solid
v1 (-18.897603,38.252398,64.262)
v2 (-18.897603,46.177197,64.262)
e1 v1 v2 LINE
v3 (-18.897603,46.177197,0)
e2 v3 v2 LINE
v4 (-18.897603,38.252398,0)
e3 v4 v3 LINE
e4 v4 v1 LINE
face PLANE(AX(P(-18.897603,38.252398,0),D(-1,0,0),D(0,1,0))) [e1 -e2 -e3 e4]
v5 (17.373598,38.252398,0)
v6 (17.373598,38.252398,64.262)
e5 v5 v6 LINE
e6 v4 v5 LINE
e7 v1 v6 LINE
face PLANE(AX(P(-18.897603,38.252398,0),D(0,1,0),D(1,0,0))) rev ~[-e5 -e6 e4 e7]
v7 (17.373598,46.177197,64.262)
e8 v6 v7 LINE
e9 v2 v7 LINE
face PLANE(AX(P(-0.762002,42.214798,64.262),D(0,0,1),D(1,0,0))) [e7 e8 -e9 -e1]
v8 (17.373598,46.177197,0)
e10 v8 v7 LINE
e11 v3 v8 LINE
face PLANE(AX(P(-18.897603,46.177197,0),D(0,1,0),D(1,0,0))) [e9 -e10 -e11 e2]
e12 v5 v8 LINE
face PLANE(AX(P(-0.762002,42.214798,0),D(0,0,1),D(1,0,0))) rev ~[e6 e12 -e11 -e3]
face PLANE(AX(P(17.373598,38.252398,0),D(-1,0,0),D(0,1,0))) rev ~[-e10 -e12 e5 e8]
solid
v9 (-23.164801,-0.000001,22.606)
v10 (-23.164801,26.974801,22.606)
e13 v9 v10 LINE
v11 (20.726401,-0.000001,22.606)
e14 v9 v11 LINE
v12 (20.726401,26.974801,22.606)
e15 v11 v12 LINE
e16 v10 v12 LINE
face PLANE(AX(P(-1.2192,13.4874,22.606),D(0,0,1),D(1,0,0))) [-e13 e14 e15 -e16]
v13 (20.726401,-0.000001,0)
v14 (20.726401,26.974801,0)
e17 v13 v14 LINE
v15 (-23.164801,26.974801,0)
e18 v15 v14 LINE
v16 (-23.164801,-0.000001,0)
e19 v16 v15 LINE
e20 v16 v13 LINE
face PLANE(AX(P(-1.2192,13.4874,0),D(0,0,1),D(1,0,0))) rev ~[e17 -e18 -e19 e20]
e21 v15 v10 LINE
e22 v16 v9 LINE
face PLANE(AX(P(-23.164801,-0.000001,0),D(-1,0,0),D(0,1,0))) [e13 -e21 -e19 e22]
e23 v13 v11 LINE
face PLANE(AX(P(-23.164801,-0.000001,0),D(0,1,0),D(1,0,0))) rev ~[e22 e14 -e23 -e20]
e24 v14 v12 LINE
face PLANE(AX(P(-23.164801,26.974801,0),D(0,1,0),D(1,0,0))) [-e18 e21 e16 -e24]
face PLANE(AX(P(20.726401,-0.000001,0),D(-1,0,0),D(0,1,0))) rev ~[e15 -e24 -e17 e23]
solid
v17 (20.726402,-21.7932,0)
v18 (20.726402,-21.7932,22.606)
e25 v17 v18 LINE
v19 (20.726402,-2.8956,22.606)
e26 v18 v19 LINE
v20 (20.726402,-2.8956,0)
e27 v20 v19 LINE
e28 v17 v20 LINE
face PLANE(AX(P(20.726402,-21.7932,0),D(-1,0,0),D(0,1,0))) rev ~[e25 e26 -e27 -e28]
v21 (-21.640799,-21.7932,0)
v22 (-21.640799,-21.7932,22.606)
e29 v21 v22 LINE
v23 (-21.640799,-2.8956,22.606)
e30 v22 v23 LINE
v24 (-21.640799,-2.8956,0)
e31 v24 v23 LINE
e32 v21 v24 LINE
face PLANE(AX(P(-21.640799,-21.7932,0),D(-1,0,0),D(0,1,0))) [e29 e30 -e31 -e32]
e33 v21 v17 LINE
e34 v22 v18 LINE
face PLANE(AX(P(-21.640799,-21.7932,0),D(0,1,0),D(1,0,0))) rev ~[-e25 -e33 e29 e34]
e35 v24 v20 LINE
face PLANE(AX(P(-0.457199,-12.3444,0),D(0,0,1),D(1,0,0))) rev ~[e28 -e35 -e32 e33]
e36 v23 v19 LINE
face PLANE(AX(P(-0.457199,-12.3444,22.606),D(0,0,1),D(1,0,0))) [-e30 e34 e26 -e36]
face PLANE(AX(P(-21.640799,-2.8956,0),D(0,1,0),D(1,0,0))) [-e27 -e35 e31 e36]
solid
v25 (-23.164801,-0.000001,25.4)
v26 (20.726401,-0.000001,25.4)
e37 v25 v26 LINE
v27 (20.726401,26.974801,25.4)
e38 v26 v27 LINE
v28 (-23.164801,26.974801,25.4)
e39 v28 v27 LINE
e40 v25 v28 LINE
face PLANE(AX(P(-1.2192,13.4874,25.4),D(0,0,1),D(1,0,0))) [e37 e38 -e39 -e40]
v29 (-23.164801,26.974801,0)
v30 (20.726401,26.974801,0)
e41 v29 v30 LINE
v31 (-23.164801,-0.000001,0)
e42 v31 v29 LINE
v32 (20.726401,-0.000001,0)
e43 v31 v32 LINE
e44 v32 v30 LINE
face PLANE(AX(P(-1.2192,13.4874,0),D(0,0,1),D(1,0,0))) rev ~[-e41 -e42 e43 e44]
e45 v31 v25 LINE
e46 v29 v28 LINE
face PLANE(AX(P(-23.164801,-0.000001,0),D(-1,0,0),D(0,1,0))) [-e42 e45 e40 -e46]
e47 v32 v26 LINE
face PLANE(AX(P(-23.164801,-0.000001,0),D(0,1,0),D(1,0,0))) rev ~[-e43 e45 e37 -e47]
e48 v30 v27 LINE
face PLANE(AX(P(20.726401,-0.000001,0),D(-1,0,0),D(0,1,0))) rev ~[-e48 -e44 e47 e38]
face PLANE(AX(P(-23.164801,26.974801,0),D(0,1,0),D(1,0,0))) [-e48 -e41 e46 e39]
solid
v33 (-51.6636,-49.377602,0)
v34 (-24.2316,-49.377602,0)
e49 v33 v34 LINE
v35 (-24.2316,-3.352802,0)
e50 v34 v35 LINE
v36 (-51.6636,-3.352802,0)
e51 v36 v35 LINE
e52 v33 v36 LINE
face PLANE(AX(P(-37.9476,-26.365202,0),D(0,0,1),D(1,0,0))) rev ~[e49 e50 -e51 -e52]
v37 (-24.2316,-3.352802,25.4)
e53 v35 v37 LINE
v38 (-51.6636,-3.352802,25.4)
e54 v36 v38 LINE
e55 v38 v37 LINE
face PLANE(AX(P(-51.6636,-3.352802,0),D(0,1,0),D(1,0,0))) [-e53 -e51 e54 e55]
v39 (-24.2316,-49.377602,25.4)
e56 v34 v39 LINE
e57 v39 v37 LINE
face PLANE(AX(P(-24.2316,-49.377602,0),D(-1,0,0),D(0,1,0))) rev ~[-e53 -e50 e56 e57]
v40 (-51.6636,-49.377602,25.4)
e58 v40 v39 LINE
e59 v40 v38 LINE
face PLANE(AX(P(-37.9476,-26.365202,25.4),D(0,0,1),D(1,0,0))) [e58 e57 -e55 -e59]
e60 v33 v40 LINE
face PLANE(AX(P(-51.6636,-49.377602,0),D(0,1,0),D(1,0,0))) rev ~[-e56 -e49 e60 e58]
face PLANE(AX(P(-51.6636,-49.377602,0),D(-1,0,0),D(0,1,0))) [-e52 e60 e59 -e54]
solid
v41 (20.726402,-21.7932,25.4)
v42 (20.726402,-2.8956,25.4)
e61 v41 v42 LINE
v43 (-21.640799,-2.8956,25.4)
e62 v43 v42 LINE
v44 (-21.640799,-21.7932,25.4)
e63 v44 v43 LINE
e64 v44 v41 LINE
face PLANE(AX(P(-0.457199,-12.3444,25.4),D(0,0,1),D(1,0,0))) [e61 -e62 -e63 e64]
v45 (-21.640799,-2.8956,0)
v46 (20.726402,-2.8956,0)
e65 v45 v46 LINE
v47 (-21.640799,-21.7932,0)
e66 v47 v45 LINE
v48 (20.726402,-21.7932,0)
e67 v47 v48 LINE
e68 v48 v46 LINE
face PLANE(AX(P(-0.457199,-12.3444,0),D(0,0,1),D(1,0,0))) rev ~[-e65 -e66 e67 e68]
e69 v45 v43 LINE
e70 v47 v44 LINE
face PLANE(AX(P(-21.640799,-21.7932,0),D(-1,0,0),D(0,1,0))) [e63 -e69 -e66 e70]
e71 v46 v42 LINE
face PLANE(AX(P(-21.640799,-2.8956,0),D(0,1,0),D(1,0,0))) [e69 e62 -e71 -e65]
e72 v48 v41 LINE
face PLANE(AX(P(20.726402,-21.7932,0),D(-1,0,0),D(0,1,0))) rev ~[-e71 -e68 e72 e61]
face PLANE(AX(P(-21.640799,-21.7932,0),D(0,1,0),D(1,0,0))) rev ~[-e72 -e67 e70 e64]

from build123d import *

# Parameters (mm, degrees)
F0_W     = 43.891202
F0_H     = 26.974801
F0_W_2   = 42.367201
F0_H_2   = 18.8976
F1_DEPTH = 25.4
F2_DEPTH = 22.606
F3_W     = 36.271201
F3_H     = 7.924799
F4_DEPTH = 64.262
F5_W     = 27.432
F5_H     = 46.0248
F6_DEPTH = 25.4


with BuildPart() as f1:
    # F0 (on Top) → F1 (new body)
    with BuildSketch(Plane.XY):
        with Locations((-1.2192, 13.4874)):
            Rectangle(F0_W, F0_H)
        with Locations((-0.457199, -12.3444)):
            Rectangle(F0_W_2, F0_H_2)
    extrude(amount=F1_DEPTH)


with BuildPart() as f2:
    # F0 (on Top) → F2 (new body)
    with BuildSketch(Plane.XY):
        with Locations((-1.2192, 13.4874)):
            Rectangle(F0_W, F0_H)
        with Locations((-0.457199, -12.3444)):
            Rectangle(F0_W_2, F0_H_2)
    extrude(amount=F2_DEPTH)


with BuildPart() as f4:
    # F3 (on Top) → F4 (new body)
    with BuildSketch(Plane.XY):
        with Locations((-0.762002, 42.214798)):
            Rectangle(F3_W, F3_H)
    extrude(amount=F4_DEPTH)


with BuildPart() as f6:
    # F5 (on Top) → F6 (new body)
    with BuildSketch(Plane.XY):
        with Locations((-37.9476, -26.365202)):
            Rectangle(F5_W, F5_H)
    extrude(amount=F6_DEPTH)


solid = Compound([f1.part, f2.part, f4.part, f6.part])
